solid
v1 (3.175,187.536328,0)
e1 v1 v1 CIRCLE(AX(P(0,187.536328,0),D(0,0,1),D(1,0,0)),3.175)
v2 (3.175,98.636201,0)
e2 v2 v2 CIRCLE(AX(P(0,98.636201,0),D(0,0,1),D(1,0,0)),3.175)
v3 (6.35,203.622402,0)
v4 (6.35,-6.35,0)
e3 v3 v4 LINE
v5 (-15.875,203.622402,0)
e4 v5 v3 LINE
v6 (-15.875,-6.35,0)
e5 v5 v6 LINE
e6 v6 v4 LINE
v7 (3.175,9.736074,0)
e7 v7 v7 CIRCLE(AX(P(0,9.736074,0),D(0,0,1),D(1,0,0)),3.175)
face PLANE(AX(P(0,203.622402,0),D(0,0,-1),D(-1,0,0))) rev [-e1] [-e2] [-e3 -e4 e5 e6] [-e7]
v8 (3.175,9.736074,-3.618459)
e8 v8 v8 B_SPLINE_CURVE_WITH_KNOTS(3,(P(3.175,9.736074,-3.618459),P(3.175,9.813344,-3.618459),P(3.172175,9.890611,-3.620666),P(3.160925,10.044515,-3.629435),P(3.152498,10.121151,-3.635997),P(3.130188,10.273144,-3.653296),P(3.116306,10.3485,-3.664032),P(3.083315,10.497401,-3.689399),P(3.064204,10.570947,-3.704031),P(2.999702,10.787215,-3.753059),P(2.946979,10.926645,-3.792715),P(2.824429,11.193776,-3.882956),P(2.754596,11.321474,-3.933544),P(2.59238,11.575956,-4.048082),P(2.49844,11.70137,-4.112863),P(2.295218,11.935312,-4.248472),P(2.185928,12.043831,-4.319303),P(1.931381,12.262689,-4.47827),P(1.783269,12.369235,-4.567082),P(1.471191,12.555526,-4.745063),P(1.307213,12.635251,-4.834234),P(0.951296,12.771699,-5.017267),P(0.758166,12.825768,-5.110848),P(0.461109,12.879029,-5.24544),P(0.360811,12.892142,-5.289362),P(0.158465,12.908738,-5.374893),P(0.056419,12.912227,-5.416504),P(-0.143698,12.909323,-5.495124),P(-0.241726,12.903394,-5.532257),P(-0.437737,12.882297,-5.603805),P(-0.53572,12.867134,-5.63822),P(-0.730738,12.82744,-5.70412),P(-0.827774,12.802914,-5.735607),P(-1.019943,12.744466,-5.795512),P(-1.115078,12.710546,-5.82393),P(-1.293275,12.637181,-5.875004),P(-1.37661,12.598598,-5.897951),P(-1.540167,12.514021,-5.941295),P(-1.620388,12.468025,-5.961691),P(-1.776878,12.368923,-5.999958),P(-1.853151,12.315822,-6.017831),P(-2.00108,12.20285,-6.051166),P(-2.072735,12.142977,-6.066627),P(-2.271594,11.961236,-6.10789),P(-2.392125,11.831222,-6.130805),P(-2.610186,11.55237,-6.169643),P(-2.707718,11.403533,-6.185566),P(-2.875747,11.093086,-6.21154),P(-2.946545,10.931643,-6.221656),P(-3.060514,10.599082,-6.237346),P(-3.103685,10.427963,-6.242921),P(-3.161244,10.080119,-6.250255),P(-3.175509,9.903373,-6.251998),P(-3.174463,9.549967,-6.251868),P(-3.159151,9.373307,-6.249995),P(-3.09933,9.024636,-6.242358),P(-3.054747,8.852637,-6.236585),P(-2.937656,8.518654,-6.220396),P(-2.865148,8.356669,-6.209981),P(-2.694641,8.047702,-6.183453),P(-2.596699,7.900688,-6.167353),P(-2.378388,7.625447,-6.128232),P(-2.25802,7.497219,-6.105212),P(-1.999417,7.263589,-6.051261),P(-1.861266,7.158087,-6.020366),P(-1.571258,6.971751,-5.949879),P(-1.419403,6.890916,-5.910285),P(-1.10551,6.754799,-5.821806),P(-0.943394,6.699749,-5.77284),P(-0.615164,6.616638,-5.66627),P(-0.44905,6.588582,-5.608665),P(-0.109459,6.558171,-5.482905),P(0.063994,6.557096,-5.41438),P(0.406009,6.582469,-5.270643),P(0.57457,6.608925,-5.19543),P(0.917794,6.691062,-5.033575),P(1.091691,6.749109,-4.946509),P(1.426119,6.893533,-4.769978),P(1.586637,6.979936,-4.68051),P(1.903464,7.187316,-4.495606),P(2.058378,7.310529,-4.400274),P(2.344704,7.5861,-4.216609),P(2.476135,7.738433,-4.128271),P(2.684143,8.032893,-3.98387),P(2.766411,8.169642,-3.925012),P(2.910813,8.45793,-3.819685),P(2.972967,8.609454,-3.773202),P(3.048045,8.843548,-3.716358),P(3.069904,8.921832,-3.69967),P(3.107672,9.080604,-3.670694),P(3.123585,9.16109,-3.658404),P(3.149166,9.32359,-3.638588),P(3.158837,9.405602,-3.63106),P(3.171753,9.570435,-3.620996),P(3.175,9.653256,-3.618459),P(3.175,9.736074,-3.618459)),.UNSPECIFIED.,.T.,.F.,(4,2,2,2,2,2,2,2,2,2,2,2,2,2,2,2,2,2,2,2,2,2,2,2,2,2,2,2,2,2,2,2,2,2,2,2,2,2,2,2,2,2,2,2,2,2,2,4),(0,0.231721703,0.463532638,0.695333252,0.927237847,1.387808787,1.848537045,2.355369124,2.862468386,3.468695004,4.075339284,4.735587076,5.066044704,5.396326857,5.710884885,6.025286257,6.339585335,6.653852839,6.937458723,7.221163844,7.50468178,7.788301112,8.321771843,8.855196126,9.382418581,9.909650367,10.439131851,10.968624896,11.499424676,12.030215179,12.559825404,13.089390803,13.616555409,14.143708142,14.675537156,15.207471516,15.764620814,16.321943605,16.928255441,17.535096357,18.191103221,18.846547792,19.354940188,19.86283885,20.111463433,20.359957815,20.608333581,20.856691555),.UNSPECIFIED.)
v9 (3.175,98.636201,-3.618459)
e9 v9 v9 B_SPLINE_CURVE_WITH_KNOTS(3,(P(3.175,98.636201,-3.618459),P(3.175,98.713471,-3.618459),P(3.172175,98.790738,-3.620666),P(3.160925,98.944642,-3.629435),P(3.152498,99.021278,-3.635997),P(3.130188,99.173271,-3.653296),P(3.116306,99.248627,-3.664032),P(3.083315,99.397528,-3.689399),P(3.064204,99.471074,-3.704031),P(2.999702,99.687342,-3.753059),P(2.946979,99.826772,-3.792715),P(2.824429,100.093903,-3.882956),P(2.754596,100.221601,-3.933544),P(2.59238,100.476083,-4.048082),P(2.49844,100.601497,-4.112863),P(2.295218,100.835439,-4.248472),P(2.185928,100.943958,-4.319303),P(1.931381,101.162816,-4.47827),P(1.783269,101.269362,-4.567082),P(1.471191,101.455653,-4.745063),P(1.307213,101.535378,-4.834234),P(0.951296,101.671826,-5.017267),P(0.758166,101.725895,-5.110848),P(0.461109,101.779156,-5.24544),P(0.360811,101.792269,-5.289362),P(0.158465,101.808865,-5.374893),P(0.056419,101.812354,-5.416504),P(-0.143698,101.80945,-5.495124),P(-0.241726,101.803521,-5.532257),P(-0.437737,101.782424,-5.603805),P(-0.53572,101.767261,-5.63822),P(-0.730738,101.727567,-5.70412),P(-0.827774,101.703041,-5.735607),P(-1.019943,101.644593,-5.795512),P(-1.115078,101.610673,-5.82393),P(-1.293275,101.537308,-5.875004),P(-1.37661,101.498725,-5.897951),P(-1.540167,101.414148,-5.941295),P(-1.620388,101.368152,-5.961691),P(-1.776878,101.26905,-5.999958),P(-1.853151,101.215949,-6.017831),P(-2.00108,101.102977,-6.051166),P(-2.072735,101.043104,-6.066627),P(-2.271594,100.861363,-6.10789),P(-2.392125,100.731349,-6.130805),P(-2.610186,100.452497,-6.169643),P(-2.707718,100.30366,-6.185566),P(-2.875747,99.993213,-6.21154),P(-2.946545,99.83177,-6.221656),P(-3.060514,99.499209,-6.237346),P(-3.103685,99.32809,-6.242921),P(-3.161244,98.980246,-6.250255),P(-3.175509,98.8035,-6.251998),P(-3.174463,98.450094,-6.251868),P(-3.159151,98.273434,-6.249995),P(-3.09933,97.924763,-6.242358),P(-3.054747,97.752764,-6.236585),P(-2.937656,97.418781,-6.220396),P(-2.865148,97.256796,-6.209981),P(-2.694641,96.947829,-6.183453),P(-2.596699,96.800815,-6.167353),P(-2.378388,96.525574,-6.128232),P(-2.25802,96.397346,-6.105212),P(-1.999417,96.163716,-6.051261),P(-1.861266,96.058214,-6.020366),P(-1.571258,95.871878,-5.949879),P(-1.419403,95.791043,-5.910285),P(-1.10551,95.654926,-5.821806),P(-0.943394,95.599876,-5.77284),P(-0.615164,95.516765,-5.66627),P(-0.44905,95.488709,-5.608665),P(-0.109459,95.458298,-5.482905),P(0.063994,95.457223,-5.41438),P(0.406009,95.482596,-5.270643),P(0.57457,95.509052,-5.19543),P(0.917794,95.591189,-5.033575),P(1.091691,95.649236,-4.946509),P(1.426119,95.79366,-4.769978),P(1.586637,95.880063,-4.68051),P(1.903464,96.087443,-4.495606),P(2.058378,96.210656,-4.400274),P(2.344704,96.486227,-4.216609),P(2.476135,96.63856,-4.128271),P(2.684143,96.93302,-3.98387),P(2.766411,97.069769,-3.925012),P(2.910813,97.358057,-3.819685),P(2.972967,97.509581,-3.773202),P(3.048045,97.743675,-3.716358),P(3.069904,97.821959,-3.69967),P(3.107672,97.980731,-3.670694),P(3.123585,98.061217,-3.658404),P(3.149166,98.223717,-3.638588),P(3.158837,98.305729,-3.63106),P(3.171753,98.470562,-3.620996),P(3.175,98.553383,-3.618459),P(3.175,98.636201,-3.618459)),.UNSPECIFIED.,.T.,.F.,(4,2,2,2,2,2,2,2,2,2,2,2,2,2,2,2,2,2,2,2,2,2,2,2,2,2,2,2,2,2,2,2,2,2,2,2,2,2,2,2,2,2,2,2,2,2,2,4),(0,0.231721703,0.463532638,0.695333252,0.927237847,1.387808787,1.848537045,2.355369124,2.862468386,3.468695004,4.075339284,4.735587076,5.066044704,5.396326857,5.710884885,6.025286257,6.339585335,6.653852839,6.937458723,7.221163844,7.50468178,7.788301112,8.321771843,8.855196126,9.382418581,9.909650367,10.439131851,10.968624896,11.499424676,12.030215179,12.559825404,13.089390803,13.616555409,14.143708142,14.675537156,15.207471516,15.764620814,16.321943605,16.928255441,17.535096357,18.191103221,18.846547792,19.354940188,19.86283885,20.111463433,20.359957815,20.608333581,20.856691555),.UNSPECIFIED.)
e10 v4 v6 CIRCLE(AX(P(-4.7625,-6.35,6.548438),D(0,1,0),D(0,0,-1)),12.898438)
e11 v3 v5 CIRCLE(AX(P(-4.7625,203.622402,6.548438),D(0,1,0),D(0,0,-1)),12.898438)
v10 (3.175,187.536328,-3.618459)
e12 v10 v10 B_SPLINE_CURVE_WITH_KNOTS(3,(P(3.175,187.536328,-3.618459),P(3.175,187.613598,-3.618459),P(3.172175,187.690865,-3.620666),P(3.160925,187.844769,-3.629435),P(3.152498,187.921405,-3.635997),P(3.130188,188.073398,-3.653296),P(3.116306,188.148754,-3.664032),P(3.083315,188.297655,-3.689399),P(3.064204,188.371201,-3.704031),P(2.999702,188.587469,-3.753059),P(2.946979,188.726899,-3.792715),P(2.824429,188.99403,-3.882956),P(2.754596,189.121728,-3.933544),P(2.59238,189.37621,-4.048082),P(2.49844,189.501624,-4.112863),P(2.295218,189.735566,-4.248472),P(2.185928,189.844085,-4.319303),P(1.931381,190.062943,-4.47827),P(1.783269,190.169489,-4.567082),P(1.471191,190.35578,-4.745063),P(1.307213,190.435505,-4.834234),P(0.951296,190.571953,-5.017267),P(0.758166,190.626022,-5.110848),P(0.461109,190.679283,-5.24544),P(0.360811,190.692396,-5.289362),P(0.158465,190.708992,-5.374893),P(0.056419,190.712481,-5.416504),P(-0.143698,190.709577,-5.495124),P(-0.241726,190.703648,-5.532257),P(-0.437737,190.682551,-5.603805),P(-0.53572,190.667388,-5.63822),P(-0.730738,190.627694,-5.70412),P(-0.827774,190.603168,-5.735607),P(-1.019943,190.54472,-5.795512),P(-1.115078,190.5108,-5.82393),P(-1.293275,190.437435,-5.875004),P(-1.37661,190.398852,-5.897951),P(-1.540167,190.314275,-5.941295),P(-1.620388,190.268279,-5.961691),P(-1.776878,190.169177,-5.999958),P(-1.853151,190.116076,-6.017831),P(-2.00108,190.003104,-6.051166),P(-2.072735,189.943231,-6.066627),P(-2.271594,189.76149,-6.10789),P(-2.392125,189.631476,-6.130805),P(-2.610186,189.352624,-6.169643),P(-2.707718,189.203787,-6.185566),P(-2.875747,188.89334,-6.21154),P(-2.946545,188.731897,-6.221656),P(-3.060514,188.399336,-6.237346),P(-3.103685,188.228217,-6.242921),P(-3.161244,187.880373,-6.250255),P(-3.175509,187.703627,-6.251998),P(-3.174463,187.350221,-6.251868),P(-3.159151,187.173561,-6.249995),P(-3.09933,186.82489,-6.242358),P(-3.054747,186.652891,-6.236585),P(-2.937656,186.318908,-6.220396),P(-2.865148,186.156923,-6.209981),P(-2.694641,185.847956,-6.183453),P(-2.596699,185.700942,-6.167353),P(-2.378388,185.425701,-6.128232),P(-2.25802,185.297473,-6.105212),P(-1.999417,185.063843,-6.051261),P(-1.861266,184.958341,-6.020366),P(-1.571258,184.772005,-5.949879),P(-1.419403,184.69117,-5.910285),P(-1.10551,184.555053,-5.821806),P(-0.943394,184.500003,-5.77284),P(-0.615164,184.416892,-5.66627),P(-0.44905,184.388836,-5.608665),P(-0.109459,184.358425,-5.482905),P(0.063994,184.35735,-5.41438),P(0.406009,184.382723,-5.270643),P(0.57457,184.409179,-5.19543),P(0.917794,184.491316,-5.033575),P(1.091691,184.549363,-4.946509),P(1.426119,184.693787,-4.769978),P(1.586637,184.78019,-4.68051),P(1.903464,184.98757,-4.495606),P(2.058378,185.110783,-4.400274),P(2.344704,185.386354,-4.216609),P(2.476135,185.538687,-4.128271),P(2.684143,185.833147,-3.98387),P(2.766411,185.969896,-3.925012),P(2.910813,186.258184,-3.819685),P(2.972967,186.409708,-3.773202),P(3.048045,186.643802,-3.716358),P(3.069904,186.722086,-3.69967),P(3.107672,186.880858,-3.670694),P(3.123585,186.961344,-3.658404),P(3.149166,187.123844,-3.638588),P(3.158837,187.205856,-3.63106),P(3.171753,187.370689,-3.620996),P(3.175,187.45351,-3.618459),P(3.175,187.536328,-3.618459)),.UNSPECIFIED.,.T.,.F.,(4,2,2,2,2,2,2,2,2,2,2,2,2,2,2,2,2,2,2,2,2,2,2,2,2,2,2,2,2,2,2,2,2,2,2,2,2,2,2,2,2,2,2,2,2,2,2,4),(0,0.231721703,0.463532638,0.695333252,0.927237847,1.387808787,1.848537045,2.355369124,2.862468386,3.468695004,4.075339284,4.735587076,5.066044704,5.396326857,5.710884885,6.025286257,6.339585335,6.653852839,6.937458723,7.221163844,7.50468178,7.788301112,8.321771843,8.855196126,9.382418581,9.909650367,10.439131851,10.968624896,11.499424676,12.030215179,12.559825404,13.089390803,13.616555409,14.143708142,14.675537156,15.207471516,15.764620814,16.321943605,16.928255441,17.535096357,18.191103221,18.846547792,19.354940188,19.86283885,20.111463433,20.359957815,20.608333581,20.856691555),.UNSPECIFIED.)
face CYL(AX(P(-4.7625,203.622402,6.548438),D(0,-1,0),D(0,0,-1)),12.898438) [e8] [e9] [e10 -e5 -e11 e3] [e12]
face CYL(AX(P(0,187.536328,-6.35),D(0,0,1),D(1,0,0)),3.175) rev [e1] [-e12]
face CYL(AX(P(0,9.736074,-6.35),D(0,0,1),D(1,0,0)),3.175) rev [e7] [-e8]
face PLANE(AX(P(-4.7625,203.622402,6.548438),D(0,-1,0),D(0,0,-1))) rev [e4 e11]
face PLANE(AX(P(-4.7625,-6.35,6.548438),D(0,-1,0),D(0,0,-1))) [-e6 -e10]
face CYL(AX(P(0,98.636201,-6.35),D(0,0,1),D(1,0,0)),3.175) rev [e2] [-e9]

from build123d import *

# Parameters (mm, degrees)
BOSS_EXTRUDE1_START     = -6.35
BOSS_EXTRUDE1_DEPTH     = 209.972402
SKETCH1_R               = 3.175
CUT_EXTRUDE2_DEPTH      = 1
CUT_EXTRUDE2_DEPTH_BACK = 7.35


with BuildPart() as part:
    # Sketch2 → Boss-Extrude1 (new body)
    with BuildSketch(Plane(origin=(0, 0, 0), x_dir=(1, 0, 0), z_dir=(0, 1, 0)).offset(BOSS_EXTRUDE1_START)):
        with BuildLine():
            Line((0, 0), (6.35, 0))
            ThreePointArc((6.35, 0), (-4.7625, 6.35), (-15.875, 0))
            Line((-15.875, 0), (0, 0))
        make_face()
    extrude(amount=BOSS_EXTRUDE1_DEPTH)

    # Sketch1 → Cut-Extrude2 (cut, two sides)
    with BuildSketch(Plane.XY) as cut_extrude2_sk:
        with Locations((0, 187.536328)):
            Circle(SKETCH1_R)
        with Locations((0, 9.736074)):
            Circle(SKETCH1_R)
        with Locations((0, 98.636201)):
            Circle(SKETCH1_R)
    extrude(amount=CUT_EXTRUDE2_DEPTH, mode=Mode.SUBTRACT)
    extrude(cut_extrude2_sk.sketch, amount=-CUT_EXTRUDE2_DEPTH_BACK, mode=Mode.SUBTRACT)


solid = part.part
